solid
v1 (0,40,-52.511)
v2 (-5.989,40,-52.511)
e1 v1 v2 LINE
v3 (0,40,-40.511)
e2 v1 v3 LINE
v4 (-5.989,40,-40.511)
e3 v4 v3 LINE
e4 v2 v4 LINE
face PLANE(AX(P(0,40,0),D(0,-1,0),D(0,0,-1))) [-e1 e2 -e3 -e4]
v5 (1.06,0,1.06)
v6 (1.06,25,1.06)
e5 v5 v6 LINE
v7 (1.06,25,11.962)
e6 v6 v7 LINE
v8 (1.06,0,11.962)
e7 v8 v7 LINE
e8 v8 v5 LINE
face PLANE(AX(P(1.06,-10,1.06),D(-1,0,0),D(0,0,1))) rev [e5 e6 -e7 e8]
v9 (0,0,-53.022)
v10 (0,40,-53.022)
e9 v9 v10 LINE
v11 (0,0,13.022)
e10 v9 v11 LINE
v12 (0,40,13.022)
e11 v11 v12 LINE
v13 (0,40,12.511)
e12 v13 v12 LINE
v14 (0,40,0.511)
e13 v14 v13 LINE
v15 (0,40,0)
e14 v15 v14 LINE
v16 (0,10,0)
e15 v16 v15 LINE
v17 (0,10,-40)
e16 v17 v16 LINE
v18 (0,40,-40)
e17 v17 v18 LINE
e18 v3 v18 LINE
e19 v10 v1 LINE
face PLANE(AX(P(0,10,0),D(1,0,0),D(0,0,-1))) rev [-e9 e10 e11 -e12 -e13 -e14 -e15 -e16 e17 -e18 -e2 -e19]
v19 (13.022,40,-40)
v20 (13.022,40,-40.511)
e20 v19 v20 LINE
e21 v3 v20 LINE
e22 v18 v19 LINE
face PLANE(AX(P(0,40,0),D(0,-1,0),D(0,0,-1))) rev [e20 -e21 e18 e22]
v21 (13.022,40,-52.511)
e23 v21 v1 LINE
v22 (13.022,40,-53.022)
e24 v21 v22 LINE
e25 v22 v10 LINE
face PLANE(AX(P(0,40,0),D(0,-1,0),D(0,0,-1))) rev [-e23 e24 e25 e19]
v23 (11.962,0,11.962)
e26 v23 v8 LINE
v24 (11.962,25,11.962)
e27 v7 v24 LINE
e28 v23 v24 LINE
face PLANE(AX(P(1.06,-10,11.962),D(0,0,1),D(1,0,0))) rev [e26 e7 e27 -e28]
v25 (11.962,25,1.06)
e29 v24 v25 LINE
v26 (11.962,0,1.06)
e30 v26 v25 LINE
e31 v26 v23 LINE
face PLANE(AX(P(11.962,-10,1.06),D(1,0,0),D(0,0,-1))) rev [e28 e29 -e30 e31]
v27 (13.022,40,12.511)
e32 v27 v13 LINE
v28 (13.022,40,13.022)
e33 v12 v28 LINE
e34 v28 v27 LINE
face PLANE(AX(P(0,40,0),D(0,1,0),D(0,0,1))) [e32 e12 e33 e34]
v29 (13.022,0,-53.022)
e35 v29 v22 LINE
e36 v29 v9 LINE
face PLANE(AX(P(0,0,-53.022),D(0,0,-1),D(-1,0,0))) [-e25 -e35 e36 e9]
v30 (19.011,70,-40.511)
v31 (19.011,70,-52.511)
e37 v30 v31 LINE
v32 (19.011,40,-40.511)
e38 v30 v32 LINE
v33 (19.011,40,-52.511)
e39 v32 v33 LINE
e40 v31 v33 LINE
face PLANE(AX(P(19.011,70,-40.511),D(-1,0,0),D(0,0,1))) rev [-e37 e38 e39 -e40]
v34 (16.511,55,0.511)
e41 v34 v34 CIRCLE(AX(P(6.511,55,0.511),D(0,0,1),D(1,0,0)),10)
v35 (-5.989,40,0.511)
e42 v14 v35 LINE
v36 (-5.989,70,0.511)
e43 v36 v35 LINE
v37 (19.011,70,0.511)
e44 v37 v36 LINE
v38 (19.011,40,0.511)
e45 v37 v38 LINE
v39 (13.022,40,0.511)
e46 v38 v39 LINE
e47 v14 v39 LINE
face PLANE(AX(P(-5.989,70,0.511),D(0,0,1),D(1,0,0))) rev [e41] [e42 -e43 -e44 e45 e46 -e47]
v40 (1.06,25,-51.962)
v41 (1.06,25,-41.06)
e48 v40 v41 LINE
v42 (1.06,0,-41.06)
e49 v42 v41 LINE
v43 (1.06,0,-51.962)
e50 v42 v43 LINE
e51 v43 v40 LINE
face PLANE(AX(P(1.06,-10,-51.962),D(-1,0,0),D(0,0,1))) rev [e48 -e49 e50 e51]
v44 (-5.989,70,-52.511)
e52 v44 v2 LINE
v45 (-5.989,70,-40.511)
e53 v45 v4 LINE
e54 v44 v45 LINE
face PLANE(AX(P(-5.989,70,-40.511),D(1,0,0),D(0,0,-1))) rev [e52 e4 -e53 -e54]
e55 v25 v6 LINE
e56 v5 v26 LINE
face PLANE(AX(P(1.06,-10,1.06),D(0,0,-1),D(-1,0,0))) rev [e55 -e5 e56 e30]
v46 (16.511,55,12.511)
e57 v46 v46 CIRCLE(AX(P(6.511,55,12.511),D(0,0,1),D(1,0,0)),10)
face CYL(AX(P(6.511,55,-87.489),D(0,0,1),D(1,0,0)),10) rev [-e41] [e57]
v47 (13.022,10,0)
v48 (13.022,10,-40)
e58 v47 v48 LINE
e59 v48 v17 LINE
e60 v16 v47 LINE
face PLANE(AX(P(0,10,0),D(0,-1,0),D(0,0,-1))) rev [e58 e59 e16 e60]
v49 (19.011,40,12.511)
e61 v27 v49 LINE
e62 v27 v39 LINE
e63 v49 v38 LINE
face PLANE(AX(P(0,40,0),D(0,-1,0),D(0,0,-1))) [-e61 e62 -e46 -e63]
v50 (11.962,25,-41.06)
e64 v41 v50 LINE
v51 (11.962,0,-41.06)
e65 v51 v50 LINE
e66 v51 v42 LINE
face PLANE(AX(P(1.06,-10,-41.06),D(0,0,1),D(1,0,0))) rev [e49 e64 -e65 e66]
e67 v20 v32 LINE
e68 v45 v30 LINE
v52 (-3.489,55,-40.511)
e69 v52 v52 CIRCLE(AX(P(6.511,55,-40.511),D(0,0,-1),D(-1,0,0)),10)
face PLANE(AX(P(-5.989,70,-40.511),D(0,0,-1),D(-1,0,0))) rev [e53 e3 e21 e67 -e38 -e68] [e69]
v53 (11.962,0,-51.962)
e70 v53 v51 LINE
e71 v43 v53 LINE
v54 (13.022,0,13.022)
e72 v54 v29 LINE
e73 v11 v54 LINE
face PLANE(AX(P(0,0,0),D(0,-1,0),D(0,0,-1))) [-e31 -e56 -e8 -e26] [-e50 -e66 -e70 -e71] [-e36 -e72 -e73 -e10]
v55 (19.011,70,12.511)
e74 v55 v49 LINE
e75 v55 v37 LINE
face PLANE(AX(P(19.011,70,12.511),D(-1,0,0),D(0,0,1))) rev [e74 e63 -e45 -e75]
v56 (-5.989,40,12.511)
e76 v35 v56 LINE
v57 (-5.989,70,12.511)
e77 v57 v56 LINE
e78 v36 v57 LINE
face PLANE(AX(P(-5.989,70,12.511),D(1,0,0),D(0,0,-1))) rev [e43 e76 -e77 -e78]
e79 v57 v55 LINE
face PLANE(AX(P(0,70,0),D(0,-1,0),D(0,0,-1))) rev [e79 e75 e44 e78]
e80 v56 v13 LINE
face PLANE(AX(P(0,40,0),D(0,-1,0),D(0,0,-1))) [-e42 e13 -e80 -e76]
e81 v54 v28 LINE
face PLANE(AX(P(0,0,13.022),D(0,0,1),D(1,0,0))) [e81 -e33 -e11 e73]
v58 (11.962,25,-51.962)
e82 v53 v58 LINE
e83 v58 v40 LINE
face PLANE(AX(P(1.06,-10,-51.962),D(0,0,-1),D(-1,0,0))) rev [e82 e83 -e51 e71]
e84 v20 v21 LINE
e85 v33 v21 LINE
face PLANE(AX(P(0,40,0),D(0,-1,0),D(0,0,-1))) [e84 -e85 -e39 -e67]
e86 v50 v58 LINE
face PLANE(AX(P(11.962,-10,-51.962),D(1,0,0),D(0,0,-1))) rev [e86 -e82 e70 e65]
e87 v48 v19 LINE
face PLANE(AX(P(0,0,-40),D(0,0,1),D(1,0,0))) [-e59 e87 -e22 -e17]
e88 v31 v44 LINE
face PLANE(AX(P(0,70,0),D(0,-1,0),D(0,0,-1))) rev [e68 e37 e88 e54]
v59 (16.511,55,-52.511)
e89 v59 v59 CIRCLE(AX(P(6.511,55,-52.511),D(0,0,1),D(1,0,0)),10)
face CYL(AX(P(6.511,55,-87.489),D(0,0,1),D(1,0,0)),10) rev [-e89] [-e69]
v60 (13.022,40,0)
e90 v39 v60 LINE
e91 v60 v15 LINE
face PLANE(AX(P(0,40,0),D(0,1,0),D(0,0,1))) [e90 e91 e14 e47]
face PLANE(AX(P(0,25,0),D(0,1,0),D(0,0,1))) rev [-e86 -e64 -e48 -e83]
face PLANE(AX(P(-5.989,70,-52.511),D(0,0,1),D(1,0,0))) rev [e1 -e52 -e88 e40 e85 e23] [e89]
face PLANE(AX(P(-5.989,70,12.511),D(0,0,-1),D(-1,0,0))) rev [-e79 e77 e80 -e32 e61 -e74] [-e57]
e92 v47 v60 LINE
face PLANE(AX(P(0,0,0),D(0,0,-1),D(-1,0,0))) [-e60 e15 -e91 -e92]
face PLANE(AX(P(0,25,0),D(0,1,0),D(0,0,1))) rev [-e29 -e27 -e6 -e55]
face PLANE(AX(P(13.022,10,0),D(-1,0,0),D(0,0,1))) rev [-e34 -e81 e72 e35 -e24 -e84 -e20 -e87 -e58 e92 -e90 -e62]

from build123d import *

# Parameters (mm, degrees)
SKETCH1_W                = 13.022
SKETCH1_H                = 40
BOSS_EXTRUDE1_DEPTH      = 10
BOSS_EXTRUDE2_DEPTH      = 30
BOSS_EXTRUDE2_DEPTH_BACK = 10
SKETCH2_W                = 13.022
SKETCH2_H                = 13.022
SKETCH3_W                = 10.902
SKETCH3_H                = 10.902
CUT_EXTRUDE1_DEPTH       = 50
BOSS_EXTRUDE3_START      = 15
SKETCH4_W                = 10.902
SKETCH4_H                = 10.902
BOSS_EXTRUDE3_DEPTH      = 15
SKETCH5_W                = 25
SKETCH5_H                = 12
BOSS_EXTRUDE4_DEPTH      = 30
SKETCH6_R                = 10
CUT_EXTRUDE2_DEPTH       = 100


with BuildPart() as part:
    # Sketch1 → Boss-Extrude1 (new body)
    with BuildSketch(Plane(origin=(0, 0, 0), x_dir=(1, 0, 0), z_dir=(0, 1, 0))):
        with Locations((6.511, 20)):
            Rectangle(SKETCH1_W, SKETCH1_H)
    extrude(amount=BOSS_EXTRUDE1_DEPTH)

    # Sketch2 → Boss-Extrude2 (add, two sides: drawn at the far end of the back side and taken through both)
    with BuildSketch(Plane(origin=(0, 10, 0), x_dir=(1, 0, 0), z_dir=(0, 1, 0)).offset(-BOSS_EXTRUDE2_DEPTH_BACK)):
        with Locations((6.511, 46.511)):
            Rectangle(SKETCH2_W, SKETCH2_H)
        with Locations((6.511, -6.511)):
            Rectangle(SKETCH2_W, SKETCH2_H)
    extrude(amount=BOSS_EXTRUDE2_DEPTH + BOSS_EXTRUDE2_DEPTH_BACK)

    # Sketch3 → Cut-Extrude1 (cut)
    with BuildSketch(Plane(origin=(0, 40, 0), x_dir=(1, 0, 0), z_dir=(0, 1, 0))):
        with Locations((6.511, 46.511)):
            Rectangle(SKETCH3_W, SKETCH3_H)
        with Locations((6.511, -6.511)):
            Rectangle(SKETCH3_W, SKETCH3_H)
    extrude(amount=-CUT_EXTRUDE1_DEPTH, mode=Mode.SUBTRACT)

    # Sketch4 → Boss-Extrude3 (add)
    with BuildSketch(Plane(origin=(0, 10, 0), x_dir=(1, 0, 0), z_dir=(0, 1, 0)).offset(BOSS_EXTRUDE3_START)):
        with Locations((6.511, 46.511)):
            Rectangle(SKETCH4_W, SKETCH4_H)
        with Locations((6.511, -6.511)):
            Rectangle(SKETCH4_W, SKETCH4_H)
    extrude(amount=BOSS_EXTRUDE3_DEPTH)

    # Sketch5 → Boss-Extrude4 (add)
    with BuildSketch(Plane(origin=(0, 40, 0), x_dir=(1, 0, 0), z_dir=(0, 1, 0))):
        with Locations((6.511, 46.511)):
            Rectangle(SKETCH5_W, SKETCH5_H)
        with Locations((6.511, -6.511)):
            Rectangle(SKETCH5_W, SKETCH5_H)
    extrude(amount=BOSS_EXTRUDE4_DEPTH)

    # Sketch6 → Cut-Extrude2 (cut)
    with BuildSketch(Plane.XY.offset(12.511)):
        with Locations((6.511, 55)):
            Circle(SKETCH6_R)
    extrude(amount=-CUT_EXTRUDE2_DEPTH, mode=Mode.SUBTRACT)


solid = part.part
